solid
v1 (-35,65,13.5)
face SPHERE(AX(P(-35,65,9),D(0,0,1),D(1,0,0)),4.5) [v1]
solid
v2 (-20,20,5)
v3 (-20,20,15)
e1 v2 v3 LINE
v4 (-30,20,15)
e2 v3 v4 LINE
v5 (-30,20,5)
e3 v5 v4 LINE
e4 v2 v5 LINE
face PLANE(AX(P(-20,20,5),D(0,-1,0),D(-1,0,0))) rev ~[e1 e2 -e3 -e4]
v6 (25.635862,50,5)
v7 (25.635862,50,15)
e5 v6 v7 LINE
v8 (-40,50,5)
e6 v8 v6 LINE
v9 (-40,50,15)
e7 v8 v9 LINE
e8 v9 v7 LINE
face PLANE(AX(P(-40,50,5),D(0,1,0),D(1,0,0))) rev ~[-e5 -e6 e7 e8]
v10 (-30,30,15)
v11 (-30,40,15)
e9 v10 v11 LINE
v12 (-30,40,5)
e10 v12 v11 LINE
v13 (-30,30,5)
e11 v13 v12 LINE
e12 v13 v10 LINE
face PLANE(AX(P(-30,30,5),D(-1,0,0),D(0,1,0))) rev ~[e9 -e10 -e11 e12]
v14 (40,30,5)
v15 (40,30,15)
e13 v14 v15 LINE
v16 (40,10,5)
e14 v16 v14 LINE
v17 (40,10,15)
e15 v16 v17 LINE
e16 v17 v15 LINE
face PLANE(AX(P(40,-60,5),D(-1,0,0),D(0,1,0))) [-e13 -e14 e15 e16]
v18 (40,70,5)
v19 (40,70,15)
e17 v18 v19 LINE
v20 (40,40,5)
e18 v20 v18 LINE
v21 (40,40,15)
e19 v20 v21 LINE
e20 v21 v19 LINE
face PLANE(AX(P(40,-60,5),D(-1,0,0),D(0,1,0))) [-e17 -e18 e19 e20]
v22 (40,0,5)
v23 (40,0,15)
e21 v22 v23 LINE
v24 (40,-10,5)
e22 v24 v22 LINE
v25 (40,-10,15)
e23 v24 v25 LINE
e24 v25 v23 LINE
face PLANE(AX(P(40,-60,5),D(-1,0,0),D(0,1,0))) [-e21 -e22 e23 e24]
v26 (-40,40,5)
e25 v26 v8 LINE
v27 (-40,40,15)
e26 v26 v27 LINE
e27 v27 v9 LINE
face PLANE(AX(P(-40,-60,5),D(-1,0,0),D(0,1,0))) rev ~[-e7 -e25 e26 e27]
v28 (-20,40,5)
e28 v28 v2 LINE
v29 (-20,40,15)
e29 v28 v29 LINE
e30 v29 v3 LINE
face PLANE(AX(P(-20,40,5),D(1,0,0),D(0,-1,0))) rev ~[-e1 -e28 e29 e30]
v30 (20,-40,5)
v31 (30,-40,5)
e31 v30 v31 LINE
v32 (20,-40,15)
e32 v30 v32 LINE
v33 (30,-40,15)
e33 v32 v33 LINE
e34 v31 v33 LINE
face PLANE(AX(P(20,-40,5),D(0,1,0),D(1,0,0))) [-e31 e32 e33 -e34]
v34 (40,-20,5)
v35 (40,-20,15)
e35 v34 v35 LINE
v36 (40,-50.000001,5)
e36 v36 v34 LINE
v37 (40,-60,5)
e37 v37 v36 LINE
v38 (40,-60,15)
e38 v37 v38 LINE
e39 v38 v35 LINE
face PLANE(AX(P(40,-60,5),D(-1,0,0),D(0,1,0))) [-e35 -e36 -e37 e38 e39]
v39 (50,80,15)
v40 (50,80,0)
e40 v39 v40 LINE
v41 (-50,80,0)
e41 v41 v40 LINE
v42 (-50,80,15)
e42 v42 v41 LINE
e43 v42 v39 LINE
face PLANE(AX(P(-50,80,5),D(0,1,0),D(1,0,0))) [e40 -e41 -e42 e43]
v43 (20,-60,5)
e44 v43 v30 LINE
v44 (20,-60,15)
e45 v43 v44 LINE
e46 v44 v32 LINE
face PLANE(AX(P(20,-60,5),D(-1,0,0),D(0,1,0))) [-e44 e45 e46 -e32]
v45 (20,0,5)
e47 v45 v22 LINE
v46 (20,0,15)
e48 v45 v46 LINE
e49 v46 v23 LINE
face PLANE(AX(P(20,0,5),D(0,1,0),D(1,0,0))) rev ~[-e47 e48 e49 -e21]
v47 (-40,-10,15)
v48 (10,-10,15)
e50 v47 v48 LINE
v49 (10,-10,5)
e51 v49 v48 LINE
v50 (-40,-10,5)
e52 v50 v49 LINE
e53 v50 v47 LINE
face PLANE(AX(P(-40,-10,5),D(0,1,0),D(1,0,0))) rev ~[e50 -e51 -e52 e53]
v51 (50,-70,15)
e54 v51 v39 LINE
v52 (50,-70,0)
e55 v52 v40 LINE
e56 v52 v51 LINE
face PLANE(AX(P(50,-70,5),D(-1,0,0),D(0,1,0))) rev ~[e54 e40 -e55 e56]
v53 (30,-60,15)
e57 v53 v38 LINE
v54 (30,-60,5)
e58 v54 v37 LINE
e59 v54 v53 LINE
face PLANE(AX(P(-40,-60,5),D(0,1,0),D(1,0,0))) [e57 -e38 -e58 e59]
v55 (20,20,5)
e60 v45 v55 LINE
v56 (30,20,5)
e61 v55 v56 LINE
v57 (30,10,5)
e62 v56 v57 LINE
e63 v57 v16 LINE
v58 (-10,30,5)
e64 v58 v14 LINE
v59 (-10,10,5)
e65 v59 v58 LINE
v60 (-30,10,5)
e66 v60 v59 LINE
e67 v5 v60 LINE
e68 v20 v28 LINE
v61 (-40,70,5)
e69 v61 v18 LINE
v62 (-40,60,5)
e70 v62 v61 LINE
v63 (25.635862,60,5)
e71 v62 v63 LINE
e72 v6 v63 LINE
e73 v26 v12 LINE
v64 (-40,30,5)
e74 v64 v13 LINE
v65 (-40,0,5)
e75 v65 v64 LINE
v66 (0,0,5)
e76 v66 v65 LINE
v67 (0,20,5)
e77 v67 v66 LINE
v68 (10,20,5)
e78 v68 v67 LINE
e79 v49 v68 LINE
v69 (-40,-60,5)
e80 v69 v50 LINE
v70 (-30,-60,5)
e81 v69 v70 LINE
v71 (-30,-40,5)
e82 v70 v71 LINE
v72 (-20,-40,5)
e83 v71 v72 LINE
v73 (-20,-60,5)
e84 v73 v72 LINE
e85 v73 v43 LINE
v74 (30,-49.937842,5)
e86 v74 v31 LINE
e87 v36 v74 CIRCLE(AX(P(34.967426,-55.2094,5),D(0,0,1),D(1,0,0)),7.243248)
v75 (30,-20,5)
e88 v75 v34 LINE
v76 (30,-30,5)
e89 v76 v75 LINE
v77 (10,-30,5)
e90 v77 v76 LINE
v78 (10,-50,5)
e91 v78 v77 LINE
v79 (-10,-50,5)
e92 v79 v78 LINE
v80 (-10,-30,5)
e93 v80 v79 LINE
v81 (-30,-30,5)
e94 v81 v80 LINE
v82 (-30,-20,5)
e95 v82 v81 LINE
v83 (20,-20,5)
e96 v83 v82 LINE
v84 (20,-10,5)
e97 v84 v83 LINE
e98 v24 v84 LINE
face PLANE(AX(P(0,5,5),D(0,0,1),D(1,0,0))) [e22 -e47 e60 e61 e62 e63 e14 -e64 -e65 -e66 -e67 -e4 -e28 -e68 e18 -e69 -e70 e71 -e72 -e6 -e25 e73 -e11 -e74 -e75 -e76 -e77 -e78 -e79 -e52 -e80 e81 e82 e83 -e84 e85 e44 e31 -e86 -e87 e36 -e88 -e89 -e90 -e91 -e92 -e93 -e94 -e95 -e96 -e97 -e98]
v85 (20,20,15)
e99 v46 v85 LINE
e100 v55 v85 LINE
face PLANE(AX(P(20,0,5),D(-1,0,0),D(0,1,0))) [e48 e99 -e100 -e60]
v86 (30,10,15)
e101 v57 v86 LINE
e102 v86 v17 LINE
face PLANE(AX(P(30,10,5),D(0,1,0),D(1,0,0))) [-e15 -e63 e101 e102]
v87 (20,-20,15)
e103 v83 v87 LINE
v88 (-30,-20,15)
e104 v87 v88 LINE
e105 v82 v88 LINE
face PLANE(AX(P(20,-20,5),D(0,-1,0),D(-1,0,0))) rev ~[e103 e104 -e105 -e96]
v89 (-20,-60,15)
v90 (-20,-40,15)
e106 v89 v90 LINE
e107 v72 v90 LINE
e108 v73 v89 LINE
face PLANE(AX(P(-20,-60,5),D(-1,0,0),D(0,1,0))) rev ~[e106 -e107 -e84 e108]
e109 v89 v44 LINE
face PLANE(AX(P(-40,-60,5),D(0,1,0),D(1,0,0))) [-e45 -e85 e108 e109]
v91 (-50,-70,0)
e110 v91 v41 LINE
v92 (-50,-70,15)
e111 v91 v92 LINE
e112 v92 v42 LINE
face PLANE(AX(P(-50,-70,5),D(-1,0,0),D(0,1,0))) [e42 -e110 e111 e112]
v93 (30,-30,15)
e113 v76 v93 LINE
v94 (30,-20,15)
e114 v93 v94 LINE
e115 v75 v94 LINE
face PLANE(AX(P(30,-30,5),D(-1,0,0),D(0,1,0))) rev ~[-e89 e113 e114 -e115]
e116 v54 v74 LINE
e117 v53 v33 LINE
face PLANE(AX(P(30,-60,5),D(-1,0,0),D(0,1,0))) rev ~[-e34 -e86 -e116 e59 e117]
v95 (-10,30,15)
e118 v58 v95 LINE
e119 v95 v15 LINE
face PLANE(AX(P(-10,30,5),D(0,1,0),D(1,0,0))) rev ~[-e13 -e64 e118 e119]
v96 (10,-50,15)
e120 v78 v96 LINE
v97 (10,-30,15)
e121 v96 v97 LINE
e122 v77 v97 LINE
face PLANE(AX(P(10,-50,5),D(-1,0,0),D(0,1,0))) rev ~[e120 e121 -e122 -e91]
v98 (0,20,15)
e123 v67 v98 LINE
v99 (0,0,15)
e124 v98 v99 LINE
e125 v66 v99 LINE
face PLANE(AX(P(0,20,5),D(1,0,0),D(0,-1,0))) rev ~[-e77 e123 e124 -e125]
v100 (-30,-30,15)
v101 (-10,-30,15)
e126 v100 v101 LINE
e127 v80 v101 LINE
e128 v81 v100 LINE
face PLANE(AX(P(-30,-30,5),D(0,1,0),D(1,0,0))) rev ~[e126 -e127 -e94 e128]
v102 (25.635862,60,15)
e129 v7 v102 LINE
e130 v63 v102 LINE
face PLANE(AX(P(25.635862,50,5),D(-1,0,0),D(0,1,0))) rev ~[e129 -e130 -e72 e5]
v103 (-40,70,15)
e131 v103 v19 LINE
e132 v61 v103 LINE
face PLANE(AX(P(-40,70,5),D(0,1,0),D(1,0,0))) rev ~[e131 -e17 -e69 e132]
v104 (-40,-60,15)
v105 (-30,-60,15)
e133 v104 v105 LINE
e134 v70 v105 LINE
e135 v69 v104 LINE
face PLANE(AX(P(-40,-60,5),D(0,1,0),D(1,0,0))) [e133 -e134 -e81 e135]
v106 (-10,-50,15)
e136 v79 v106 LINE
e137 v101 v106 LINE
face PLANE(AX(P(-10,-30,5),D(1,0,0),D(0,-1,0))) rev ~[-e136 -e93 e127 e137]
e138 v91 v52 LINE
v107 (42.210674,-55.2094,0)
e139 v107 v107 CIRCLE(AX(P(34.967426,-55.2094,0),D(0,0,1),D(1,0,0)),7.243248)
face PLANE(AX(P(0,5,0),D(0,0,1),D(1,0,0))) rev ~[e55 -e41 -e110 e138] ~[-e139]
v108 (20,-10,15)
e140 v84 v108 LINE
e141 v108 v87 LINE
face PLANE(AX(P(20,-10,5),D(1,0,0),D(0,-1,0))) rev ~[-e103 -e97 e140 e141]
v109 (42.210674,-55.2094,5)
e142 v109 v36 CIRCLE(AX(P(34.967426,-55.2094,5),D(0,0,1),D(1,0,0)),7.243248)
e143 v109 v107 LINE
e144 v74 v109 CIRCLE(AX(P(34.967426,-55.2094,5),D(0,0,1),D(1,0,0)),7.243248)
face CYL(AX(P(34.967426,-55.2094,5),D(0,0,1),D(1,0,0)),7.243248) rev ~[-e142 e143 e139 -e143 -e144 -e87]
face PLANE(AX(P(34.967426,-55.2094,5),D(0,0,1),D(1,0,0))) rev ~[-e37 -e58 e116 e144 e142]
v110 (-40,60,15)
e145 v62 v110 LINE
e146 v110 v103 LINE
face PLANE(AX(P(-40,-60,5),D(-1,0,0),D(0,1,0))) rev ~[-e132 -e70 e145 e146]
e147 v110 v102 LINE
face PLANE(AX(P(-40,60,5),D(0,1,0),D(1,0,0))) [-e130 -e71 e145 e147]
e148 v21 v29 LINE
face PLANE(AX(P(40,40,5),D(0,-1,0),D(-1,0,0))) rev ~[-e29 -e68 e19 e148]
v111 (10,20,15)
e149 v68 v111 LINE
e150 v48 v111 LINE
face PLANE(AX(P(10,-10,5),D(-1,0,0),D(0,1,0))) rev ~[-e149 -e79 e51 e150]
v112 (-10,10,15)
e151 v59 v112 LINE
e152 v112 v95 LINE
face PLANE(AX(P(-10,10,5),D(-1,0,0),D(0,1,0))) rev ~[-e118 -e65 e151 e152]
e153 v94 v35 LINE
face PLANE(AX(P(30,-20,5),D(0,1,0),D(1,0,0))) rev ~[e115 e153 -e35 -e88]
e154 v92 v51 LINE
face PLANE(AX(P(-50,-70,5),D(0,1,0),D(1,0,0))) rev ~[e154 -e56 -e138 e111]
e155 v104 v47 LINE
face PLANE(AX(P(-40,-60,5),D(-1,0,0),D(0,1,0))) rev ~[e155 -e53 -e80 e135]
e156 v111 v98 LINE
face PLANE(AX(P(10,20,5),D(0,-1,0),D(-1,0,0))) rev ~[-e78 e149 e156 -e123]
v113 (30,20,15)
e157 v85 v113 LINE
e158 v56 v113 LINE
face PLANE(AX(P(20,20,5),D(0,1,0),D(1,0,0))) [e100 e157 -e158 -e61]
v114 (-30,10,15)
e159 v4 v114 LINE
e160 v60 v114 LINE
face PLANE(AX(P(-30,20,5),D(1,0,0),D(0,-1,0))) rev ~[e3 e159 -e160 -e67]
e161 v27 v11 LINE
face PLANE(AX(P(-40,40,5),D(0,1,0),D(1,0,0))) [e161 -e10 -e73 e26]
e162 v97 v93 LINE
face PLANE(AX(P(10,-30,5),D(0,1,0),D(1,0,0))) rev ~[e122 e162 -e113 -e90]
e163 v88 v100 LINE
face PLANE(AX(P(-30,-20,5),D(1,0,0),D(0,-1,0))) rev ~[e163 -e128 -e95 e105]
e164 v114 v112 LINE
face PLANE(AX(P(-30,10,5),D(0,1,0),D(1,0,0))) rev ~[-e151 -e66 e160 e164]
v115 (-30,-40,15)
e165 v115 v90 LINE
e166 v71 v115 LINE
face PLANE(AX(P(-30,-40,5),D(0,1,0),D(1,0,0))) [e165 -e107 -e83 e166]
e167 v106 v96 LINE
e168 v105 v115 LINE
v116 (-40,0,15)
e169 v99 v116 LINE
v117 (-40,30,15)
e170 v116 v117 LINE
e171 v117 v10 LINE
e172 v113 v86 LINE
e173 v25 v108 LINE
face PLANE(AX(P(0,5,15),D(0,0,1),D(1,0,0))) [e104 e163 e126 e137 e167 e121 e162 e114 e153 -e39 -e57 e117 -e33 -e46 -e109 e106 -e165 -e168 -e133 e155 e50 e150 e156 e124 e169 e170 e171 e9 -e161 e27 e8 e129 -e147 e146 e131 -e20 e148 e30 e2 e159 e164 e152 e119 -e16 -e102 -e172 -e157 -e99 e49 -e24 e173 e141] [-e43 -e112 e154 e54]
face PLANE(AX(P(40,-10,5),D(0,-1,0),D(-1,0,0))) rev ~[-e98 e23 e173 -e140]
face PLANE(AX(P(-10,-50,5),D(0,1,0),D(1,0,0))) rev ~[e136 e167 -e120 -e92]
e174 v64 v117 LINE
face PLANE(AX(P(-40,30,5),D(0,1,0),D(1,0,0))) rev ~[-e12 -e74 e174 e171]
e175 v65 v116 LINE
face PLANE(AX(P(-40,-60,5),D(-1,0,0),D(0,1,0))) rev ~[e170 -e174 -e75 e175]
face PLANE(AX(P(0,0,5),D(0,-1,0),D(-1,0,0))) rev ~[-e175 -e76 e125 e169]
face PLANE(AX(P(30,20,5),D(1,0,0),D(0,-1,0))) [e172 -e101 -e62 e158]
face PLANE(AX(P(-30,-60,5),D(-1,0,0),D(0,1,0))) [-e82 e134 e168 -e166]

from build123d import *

# Parameters (mm, degrees)
SKETCH_W      = 100
SKETCH_H      = 150
PAD_DEPTH     = 5
SKETCH001_W   = 100
SKETCH001_H   = 150
SKETCH001_W_2 = 80
SKETCH001_H_2 = 130
PAD001_DEPTH  = 10
SKETCH002_W   = 65.635862
SKETCH002_H   = 10
SKETCH002_W_2 = 10
SKETCH002_H_2 = 20
PAD002_DEPTH  = 10
SKETCH003_R   = 7.243248
POCKET_DEPTH  = 5.001


with BuildPart() as laberinto_con_salida:
    # Sketch → Pad (new body)
    with BuildSketch(Plane.XY):
        with Locations((0, 5)):
            Rectangle(SKETCH_W, SKETCH_H)
    extrude(amount=PAD_DEPTH)

    # Sketch001 → Pad001 (new body)
    with BuildSketch(Plane.XY.offset(5)):
        with Locations((0, 5)):
            Rectangle(SKETCH001_W, SKETCH001_H)
        with Locations((0, 5)):
            Rectangle(SKETCH001_W_2, SKETCH001_H_2, mode=Mode.SUBTRACT)
    extrude(amount=PAD001_DEPTH)

    # Sketch002 → Pad002 (new body)
    with BuildSketch(Plane.XY.offset(5)):
        with Locations((-7.182069, 55)):
            Rectangle(SKETCH002_W, SKETCH002_H)
        Polygon((40, 40), (-20, 40), (-20, 20), (-30, 20), (-30, 10), (-20, 10), (-10, 10), (-10, 30), (40, 30), align=None)
        with Locations((-35, 35)):
            Rectangle(SKETCH002_W_2, SKETCH002_H)
        Polygon((-40, -10), (10, -10), (10, 0), (10, 20), (0, 20), (0, 0), (-40, 0), align=None)
        Polygon((20, 20), (30, 20), (30, 10), (40, 10), (40, 0), (30, 0), (20, 0), align=None)
        Polygon((40, -10), (20, -10), (20, -20), (-30, -20), (-30, -30), (-10, -30), (-10, -50), (10, -50), (10, -30), (30, -30), (30, -20), (40, -20), align=None)
        with Locations((-25, -50)):
            Rectangle(SKETCH002_W_2, SKETCH002_H_2)
        with Locations((25, -50)):
            Rectangle(SKETCH002_W_2, SKETCH002_H_2)
    extrude(amount=PAD002_DEPTH)

    # Sketch003 → Pocket (cut, through all)
    with BuildSketch(Plane.XY.offset(5)):
        with Locations((34.967426, -55.2094)):
            Circle(SKETCH003_R)
    extrude(amount=-POCKET_DEPTH, mode=Mode.SUBTRACT)


with BuildPart() as bola:
    # Sphere → Sphere (revolve)
    with BuildSketch(Plane(origin=(-35, 65, 9), x_dir=(1, 0, 0), z_dir=(0, -1, 0))):
        with BuildLine():
            ThreePointArc((0, -4.5), (4.5, 0), (0, 4.5))
            Line((0, 4.5), (0, -4.5))
        make_face()
    revolve(axis=Axis((-35, 65, 9), (0, 0, 1)))


solid = Compound([laberinto_con_salida.part, bola.part])
